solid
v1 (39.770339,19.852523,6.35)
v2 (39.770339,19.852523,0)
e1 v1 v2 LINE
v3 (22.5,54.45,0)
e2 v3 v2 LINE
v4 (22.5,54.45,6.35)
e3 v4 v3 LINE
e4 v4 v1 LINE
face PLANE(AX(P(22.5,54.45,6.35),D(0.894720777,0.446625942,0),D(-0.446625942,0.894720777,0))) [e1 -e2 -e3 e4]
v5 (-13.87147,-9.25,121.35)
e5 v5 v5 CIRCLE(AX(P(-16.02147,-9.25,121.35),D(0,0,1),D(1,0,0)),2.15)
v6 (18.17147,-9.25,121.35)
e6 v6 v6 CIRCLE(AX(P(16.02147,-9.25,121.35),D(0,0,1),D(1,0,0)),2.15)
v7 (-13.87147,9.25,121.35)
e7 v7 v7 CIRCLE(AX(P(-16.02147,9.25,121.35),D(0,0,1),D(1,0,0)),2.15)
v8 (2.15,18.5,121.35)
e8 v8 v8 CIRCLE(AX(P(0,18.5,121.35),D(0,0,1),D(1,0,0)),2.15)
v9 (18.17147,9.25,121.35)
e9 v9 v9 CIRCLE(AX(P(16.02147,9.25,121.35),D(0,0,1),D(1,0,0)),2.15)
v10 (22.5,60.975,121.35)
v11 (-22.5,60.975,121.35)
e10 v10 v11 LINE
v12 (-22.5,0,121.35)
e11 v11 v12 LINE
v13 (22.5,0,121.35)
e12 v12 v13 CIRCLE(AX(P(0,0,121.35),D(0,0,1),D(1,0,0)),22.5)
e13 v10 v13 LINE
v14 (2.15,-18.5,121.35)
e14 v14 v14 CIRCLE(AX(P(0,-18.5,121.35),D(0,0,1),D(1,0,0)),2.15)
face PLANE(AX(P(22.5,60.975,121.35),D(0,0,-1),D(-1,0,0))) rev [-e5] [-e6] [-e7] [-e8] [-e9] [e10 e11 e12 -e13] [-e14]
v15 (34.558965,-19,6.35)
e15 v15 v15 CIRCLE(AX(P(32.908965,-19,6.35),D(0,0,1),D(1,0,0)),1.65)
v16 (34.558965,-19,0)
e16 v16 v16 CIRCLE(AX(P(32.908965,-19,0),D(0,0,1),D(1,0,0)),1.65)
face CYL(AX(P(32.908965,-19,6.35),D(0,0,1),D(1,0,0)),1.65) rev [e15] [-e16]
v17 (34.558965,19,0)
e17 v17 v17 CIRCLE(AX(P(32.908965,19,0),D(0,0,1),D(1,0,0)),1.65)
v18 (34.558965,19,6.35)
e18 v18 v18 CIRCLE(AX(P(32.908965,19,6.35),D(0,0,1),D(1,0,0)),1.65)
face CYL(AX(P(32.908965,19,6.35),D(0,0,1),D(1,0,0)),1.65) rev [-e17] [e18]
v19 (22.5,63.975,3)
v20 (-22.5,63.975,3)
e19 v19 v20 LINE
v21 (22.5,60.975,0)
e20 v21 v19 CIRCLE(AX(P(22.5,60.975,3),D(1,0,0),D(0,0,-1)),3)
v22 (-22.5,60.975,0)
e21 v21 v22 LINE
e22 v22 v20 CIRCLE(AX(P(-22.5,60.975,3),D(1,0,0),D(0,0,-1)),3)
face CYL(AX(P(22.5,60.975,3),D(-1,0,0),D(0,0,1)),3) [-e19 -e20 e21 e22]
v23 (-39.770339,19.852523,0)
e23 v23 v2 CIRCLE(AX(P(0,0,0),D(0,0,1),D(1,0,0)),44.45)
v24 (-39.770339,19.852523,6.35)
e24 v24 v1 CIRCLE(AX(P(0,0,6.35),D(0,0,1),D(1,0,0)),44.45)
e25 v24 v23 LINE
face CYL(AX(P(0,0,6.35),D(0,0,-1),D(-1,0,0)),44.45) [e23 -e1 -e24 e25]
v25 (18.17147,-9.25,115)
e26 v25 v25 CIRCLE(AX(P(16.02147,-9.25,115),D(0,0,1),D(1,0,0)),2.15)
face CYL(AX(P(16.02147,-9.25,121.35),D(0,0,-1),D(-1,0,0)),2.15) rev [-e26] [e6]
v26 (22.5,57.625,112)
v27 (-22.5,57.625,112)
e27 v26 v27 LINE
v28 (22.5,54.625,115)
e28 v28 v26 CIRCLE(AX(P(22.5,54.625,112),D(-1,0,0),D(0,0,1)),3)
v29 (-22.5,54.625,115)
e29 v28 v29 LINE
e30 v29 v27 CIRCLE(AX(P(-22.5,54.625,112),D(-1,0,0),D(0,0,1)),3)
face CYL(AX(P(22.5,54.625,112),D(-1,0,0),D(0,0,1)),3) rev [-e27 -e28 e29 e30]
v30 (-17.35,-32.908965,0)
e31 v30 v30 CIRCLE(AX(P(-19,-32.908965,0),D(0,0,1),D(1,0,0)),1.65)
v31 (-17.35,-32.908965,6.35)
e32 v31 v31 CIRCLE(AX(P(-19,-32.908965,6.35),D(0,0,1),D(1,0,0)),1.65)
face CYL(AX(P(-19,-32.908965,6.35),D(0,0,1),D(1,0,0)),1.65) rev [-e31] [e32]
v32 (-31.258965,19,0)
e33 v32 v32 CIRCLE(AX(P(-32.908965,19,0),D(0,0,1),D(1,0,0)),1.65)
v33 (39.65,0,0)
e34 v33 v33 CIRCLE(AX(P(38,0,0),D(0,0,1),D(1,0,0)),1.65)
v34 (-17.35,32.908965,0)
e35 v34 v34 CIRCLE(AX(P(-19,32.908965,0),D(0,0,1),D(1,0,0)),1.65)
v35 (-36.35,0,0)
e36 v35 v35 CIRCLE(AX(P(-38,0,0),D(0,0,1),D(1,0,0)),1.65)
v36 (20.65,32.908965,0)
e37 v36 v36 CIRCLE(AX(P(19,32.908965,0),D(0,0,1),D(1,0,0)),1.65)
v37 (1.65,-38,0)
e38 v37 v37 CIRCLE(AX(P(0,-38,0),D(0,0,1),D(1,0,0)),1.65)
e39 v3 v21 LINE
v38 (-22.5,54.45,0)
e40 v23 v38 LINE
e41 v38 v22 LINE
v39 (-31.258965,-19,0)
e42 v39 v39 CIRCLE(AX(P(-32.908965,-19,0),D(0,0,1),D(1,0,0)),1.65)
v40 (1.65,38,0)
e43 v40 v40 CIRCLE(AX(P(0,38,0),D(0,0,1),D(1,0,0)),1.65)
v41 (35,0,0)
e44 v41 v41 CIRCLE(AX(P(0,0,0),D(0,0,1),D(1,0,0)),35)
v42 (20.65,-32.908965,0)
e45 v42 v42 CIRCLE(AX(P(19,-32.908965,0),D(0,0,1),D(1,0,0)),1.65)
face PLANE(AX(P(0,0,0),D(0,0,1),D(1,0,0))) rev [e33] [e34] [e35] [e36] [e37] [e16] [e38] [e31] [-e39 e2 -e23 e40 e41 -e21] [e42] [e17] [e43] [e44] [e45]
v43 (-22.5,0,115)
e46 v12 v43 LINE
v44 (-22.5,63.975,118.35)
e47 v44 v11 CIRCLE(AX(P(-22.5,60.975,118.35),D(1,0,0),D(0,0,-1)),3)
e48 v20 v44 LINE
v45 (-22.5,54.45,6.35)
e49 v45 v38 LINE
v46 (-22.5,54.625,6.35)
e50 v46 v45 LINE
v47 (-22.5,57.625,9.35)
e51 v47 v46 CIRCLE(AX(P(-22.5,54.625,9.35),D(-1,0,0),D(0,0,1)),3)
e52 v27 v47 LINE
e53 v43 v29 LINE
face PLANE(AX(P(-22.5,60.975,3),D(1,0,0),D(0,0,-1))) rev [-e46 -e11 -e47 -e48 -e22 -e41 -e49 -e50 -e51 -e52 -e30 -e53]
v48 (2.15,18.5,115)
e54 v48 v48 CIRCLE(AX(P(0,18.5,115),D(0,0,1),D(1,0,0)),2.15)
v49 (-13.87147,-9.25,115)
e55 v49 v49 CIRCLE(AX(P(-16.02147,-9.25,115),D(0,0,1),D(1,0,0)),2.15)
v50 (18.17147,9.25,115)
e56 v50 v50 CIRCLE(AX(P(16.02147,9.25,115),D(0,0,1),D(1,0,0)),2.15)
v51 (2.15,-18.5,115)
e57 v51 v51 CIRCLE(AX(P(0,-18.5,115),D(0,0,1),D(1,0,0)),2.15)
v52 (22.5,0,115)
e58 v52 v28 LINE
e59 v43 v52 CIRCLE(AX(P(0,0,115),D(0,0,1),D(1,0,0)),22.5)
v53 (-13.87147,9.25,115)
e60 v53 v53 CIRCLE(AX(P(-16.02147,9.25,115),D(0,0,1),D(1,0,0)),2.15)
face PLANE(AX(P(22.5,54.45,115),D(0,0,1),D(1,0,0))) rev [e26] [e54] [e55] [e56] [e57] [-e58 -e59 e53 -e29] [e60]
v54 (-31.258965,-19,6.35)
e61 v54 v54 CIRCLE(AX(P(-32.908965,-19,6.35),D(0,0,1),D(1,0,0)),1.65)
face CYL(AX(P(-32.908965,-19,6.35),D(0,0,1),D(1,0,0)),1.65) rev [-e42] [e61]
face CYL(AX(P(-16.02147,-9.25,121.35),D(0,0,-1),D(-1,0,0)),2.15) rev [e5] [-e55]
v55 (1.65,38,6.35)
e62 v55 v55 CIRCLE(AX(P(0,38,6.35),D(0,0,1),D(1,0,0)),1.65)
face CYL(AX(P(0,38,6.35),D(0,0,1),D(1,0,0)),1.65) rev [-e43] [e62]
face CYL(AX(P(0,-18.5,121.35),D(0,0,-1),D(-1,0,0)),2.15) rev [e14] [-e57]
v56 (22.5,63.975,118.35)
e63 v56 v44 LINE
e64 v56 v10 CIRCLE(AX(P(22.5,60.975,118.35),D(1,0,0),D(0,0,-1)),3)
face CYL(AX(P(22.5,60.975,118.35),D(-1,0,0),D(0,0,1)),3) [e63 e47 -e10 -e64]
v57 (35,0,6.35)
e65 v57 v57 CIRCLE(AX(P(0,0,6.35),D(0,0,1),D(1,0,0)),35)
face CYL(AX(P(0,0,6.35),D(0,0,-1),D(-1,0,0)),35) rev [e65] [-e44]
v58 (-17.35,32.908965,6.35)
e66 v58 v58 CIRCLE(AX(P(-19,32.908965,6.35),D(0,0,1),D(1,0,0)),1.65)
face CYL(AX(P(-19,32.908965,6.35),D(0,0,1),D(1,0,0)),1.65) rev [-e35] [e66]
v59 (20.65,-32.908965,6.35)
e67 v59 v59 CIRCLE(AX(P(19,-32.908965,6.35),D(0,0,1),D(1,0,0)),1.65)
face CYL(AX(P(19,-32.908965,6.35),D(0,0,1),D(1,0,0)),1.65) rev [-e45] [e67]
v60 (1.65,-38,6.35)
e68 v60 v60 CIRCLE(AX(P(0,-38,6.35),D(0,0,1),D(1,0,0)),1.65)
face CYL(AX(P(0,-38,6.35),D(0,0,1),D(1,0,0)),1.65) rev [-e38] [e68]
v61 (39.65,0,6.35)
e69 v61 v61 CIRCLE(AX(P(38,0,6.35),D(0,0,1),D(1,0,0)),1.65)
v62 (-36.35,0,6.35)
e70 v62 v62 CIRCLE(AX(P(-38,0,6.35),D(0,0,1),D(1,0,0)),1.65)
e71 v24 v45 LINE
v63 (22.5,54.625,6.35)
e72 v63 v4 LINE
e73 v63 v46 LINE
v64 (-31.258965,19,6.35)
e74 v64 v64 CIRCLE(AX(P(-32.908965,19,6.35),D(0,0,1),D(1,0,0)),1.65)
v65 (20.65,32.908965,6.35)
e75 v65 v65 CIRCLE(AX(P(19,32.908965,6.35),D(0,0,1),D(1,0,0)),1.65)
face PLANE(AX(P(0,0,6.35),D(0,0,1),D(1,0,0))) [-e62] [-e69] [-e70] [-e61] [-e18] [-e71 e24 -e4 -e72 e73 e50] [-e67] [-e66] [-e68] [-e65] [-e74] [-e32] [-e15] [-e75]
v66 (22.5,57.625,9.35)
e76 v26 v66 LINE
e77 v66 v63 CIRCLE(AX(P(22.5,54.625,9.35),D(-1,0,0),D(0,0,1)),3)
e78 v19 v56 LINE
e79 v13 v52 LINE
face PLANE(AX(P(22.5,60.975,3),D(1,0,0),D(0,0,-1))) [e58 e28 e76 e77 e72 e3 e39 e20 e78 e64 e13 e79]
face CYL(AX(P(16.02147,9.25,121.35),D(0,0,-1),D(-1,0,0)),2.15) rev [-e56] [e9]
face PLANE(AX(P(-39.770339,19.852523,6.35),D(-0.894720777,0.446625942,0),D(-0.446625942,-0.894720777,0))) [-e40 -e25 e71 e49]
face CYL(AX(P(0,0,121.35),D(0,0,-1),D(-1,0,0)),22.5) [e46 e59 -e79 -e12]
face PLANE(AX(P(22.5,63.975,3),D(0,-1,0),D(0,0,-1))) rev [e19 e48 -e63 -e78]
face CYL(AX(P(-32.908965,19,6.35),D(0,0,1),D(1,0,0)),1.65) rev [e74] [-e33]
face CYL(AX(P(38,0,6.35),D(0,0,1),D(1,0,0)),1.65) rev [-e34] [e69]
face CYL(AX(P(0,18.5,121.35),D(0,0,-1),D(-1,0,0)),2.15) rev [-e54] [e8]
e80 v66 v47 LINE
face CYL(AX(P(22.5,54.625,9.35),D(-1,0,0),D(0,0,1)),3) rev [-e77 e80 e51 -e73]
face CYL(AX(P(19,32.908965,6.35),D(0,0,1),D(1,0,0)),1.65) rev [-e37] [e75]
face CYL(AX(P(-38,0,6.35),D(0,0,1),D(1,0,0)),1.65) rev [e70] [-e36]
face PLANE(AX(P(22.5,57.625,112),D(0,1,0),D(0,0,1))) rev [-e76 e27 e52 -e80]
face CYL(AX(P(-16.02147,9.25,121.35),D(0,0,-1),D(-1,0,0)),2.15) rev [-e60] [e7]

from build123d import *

# Parameters (mm, degrees)
BOSS_EXTRUDE1_START      = 115
SKETCH2_R                = 22.5
SKETCH2_R_2              = 2.15
BOSS_EXTRUDE1_DEPTH      = 6.35
SKETCH2_4_R              = 44.45
SKETCH2_4_R_2            = 35
BOSS_EXTRUDE2_DEPTH      = 6.35
SKETCH3_W                = 1.65
SKETCH3_H                = 6.35
CIRPATTERN1_COUNT        = 12
BOSS_EXTRUDE3_DEPTH      = 6.35
BOSS_EXTRUDE4_START      = 115
BOSS_EXTRUDE4_DEPTH      = 6.35
BOSS_EXTRUDE5_DEPTH      = 22.5
BOSS_EXTRUDE5_DEPTH_BACK = 22.5


with BuildPart() as part:
    # Sketch2 → Boss-Extrude1 (new body)
    with BuildSketch(Plane.XY.offset(BOSS_EXTRUDE1_START)):
        Circle(SKETCH2_R)
        with Locations((0, 18.5)):
            Circle(SKETCH2_R_2, mode=Mode.SUBTRACT)
        with Locations((16.02146997, 9.25)):
            Circle(SKETCH2_R_2, mode=Mode.SUBTRACT)
        with Locations((16.02146997, -9.25)):
            Circle(SKETCH2_R_2, mode=Mode.SUBTRACT)
        with Locations((-16.02146997, 9.25)):
            Circle(SKETCH2_R_2, mode=Mode.SUBTRACT)
        with Locations((-16.02146997, -9.25)):
            Circle(SKETCH2_R_2, mode=Mode.SUBTRACT)
        with Locations((0, -18.5)):
            Circle(SKETCH2_R_2, mode=Mode.SUBTRACT)
    extrude(amount=BOSS_EXTRUDE1_DEPTH)

    # Sketch4<4> → Boss-Extrude4 (add)
    with BuildSketch(Plane.XY.offset(BOSS_EXTRUDE4_START)):
        with BuildLine():
            Line((-22.5, 54.45), (-22.5, 38.334742728))
            ThreePointArc((-22.5, 38.334742728), (0, 44.45), (22.5, 38.334742728))
            Line((22.5, 38.334742728), (22.5, 54.45))
            Line((22.5, 54.45), (-22.5, 54.45))
        make_face()
        with BuildLine():
            Line((-22.5, 38.334742728), (-22.5, 0))
            ThreePointArc((-22.5, 0), (0, 22.5), (22.5, 0))
            Line((22.5, 0), (22.5, 38.334742728))
            ThreePointArc((22.5, 38.334742728), (0, 44.45), (-22.5, 38.334742728))
        make_face()
    extrude(amount=BOSS_EXTRUDE4_DEPTH)



with BuildPart() as body_2:
    # Sketch2<4> → Boss-Extrude2 (new body)
    with BuildSketch(Plane.XY):
        Circle(SKETCH2_4_R)
        Circle(SKETCH2_4_R_2, mode=Mode.SUBTRACT)
    extrude(amount=BOSS_EXTRUDE2_DEPTH)

    # Sketch3 → M4x0.7 Tapped Hole1 (revolve, cut)
    with BuildSketch(Plane(origin=(0, 38, 6.35), x_dir=(0, -1, 0), z_dir=(1, 0, 0))):
        with Locations((0.825, 3.175)):
            Rectangle(SKETCH3_W, SKETCH3_H)
    m4x0_7_tapped_hole1 = revolve(axis=Axis((0, 38, 12.7), (0, 0, -1)), mode=Mode.SUBTRACT)

    # CirPattern1: M4x0.7 Tapped Hole1 ×12 about axis
    cirpattern1_axis = Axis((0, 0, 0), (0, 0, 1))
    for i in range(1, CIRPATTERN1_COUNT):
        add(m4x0_7_tapped_hole1.rotate(cirpattern1_axis, i * 360 / CIRPATTERN1_COUNT), mode=Mode.SUBTRACT)

    # Sketch4 → Boss-Extrude3 (add)
    with BuildSketch(Plane.XY):
        with BuildLine():
            Line((-39.770338523, 19.852523108), (-22.5, 54.45))
            Line((-22.5, 54.45), (22.5, 54.45))
            Line((22.5, 54.45), (39.770338523, 19.852523108))
            ThreePointArc((39.770338523, 19.852523108), (0, 44.45), (-39.770338523, 19.852523108))
        make_face()
    extrude(amount=BOSS_EXTRUDE3_DEPTH)


with BuildPart() as part_1:
    add(part.part)

    add(body_2.part)  # Boss-Extrude5 merges body 2
    # Sketch5 → Boss-Extrude5 (add, two sides: drawn at the far end of the back side and taken through both)
    with BuildSketch(Plane(origin=(0, 0, 0), x_dir=(0, 0, -1), z_dir=(1, 0, 0)).offset(-BOSS_EXTRUDE5_DEPTH_BACK)):
        with BuildLine():
            Line((0, 54.45), (0, 60.975))
            ThreePointArc((0, 60.975), (-0.878679656, 63.096320344), (-3, 63.975))
            Line((-3, 63.975), (-118.35, 63.975))
            ThreePointArc((-118.35, 63.975), (-120.471320344, 63.096320344), (-121.35, 60.975))
            Line((-121.35, 60.975), (-121.35, 54.45))
            Line((-121.35, 54.45), (-115, 54.45))
            Line((-115, 54.45), (-115, 54.625))
            ThreePointArc((-115, 54.625), (-114.121320344, 56.746320344), (-112, 57.625))
            Line((-112, 57.625), (-9.35, 57.625))
            ThreePointArc((-9.35, 57.625), (-7.228679656, 56.746320344), (-6.35, 54.625))
            Line((-6.35, 54.625), (-6.35, 54.45))
            Line((-6.35, 54.45), (0, 54.45))
        make_face()
    extrude(amount=BOSS_EXTRUDE5_DEPTH + BOSS_EXTRUDE5_DEPTH_BACK)


solid = part_1.part
